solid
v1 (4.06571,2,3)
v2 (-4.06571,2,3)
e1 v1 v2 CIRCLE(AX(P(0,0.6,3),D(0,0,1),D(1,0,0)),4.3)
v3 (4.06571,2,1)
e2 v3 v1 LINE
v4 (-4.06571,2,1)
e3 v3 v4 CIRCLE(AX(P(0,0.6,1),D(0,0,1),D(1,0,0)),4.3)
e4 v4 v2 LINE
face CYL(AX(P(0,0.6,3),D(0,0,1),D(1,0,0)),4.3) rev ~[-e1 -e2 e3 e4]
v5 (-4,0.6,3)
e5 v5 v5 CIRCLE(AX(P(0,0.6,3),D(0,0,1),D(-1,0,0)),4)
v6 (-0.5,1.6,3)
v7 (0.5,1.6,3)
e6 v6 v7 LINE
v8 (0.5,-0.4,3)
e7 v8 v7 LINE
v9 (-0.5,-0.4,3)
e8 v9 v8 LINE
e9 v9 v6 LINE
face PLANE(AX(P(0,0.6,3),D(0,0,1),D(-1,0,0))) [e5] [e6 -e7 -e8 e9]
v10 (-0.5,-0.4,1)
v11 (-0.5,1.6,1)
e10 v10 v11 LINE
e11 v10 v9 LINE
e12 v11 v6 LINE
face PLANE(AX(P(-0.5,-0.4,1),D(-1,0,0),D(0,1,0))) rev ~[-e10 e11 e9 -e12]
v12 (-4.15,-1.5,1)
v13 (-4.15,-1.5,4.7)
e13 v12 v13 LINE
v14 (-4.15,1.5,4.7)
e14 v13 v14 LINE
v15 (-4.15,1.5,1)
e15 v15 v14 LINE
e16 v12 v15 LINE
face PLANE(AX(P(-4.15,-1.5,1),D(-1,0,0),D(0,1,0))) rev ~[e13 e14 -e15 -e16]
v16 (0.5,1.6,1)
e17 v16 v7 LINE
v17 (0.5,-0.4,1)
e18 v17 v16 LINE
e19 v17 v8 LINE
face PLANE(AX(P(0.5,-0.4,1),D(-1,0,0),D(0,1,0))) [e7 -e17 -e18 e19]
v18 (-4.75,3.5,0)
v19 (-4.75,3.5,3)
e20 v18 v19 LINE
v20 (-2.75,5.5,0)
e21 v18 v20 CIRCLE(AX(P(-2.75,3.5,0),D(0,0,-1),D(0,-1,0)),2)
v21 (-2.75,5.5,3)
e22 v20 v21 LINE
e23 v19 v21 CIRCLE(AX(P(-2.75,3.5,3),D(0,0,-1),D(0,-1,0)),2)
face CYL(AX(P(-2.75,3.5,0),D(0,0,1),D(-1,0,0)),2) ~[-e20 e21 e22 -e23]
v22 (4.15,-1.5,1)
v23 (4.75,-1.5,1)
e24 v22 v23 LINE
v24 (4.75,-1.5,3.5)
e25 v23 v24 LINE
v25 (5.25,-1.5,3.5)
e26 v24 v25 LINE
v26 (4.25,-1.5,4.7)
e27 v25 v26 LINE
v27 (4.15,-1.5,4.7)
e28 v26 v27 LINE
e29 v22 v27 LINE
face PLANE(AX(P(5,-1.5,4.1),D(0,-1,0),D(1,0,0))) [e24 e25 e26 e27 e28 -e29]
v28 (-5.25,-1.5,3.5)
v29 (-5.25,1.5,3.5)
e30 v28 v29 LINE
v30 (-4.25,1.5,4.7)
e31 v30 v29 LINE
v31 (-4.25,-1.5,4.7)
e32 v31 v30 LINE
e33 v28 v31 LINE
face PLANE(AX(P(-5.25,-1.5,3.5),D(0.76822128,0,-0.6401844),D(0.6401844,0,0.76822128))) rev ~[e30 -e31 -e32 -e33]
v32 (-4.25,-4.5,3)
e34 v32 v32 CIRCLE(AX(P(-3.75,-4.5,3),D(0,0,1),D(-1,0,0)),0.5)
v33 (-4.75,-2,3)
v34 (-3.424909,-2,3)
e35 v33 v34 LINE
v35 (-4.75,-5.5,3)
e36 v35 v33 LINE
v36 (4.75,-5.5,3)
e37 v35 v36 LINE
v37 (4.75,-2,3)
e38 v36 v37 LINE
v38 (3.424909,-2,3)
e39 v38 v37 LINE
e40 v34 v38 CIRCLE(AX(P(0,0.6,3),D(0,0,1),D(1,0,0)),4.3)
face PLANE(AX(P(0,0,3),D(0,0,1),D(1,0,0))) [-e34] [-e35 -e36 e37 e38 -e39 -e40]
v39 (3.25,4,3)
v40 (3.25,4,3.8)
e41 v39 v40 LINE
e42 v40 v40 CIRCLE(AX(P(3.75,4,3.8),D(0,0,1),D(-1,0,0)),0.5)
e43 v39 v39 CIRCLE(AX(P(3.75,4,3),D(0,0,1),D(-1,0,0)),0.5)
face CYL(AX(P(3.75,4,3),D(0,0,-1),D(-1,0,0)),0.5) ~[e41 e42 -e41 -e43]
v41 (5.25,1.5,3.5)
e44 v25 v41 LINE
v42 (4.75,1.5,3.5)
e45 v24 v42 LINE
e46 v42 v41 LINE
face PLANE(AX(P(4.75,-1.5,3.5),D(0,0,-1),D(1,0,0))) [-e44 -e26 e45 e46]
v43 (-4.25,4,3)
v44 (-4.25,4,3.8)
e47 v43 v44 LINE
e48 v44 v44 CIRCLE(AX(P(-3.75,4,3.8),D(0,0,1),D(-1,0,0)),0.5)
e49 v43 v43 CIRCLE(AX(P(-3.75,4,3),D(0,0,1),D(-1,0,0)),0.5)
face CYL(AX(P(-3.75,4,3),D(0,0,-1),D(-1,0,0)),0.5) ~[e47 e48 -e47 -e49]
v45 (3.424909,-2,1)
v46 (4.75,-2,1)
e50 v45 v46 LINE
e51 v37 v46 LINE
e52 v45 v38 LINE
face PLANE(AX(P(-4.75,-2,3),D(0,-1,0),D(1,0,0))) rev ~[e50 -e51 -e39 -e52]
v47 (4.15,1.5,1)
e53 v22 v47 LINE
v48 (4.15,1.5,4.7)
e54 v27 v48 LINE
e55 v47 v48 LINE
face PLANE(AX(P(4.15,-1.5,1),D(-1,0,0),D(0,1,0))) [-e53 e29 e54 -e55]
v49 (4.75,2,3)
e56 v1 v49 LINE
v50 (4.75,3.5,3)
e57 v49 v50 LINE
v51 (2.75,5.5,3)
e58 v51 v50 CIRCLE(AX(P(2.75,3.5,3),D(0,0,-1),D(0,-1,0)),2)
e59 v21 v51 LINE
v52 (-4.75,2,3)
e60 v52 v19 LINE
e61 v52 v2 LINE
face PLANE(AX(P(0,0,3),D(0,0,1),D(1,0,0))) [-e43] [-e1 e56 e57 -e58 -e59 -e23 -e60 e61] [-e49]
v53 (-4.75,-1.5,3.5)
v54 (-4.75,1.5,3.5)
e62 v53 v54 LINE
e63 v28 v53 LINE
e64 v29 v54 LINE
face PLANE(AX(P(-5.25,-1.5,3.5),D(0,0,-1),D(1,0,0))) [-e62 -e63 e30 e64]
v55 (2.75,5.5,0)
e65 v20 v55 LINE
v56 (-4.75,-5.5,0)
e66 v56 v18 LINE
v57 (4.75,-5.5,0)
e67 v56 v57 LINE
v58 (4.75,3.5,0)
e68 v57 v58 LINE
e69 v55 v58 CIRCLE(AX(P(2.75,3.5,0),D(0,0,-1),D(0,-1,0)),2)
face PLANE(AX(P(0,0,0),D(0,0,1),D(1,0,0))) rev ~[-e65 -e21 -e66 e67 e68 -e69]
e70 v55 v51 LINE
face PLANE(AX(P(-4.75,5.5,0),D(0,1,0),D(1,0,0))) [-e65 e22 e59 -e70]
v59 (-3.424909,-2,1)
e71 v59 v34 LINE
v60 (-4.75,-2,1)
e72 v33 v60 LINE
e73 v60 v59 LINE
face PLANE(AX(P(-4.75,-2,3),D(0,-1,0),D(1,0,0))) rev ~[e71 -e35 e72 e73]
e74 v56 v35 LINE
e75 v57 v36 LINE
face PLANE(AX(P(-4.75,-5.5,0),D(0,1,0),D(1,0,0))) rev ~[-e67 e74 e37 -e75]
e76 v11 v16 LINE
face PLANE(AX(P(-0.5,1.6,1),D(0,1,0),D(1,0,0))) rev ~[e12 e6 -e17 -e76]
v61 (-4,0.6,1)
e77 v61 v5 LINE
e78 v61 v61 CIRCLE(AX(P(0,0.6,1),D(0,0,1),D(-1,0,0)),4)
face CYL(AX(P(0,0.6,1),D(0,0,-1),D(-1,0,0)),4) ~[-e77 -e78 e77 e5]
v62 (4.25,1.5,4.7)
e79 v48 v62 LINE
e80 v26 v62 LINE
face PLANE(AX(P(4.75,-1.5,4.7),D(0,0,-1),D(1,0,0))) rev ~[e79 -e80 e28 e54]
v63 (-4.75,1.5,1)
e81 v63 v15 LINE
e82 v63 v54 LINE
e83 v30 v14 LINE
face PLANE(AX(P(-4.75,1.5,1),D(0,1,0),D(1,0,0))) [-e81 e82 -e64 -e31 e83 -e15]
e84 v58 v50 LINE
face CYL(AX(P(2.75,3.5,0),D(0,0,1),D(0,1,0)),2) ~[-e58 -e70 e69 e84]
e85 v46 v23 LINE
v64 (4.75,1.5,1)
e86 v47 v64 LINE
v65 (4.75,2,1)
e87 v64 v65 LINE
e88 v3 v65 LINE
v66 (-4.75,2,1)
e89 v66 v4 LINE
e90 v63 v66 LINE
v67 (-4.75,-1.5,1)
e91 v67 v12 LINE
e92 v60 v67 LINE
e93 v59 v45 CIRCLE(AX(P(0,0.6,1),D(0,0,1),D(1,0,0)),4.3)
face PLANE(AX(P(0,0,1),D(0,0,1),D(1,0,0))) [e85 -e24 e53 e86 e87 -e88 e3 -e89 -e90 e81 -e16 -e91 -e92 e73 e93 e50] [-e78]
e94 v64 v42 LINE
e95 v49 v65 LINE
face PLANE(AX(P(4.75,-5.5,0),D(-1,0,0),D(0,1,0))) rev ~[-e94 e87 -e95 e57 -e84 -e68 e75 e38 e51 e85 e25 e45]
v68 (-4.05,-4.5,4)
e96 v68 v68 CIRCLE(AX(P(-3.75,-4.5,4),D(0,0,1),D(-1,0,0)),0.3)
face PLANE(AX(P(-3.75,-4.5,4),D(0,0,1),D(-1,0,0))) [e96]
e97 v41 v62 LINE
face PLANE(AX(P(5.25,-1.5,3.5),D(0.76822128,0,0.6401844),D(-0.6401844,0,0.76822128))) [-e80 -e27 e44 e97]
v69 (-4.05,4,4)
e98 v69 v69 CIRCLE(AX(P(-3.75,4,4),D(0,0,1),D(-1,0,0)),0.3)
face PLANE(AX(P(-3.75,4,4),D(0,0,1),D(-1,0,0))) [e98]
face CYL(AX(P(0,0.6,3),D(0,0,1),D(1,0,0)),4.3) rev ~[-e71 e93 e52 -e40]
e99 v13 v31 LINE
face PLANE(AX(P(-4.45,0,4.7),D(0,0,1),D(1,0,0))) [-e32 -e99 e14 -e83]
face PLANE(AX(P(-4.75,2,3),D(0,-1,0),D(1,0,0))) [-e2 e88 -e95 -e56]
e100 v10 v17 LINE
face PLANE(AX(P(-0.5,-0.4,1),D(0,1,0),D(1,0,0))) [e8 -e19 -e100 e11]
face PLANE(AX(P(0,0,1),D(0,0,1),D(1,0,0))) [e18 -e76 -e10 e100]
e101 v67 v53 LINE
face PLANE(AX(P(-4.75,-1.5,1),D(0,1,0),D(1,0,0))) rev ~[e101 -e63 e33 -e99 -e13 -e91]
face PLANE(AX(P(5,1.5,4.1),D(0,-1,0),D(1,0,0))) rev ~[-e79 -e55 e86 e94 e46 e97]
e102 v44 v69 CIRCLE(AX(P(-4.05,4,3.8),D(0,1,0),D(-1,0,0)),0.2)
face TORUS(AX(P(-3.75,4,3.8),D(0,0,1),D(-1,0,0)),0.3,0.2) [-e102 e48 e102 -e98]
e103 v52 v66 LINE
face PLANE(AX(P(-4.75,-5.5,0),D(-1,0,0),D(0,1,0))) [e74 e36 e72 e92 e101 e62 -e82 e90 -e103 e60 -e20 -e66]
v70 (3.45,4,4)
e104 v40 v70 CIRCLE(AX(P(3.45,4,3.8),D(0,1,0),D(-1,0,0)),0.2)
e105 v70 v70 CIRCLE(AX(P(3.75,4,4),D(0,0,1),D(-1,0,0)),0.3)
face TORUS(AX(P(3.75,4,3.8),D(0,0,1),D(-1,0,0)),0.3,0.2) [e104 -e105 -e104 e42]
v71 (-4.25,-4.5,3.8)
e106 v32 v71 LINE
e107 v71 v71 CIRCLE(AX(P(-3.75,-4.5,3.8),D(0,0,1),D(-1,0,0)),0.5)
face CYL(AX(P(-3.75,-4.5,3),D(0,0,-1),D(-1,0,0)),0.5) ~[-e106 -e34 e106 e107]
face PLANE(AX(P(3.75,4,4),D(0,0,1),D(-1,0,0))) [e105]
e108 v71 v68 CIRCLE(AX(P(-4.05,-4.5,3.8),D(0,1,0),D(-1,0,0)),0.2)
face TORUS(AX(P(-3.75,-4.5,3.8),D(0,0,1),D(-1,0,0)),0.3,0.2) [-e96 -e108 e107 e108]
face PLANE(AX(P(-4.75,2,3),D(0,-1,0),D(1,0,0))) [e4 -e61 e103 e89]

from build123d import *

# Parameters (mm, degrees)
SKETCH1_W           = 9.5
SKETCH1_H           = 11
BOSS_EXTRUDE1_DEPTH = 3
SKETCH2_R           = 4.3
CUT_EXTRUDE1_DEPTH  = 2
FILLET1_R           = 2
SKETCH3_W           = 9.5
SKETCH3_H           = 4
CUT_EXTRUDE2_DEPTH  = 2
SKETCH4_W           = 0.6
SKETCH4_H           = 3
BOSS_EXTRUDE2_DEPTH = 3.7
SKETCH5_W           = 0.5
SKETCH5_H           = 1.2
BOSS_EXTRUDE3_DEPTH = 3
CUT_EXTRUDE3_DEPTH  = 10.932396488
SKETCH7_R           = 0.5
BOSS_EXTRUDE4_DEPTH = 1
FILLET2_R           = 0.2
SKETCH8_R           = 4
SKETCH8_W           = 1
SKETCH8_H           = 2
BOSS_EXTRUDE5_DEPTH = 2


with BuildPart() as part:
    # Sketch1 → Boss-Extrude1 (new body)
    with BuildSketch(Plane.XY):
        Rectangle(SKETCH1_W, SKETCH1_H)
    extrude(amount=BOSS_EXTRUDE1_DEPTH)

    # Sketch2 → Cut-Extrude1 (cut)
    with BuildSketch(Plane.XY.offset(3)):
        with Locations((0, 0.6)):
            Circle(SKETCH2_R)
    extrude(amount=-CUT_EXTRUDE1_DEPTH, mode=Mode.SUBTRACT)

    # Fillet1
    fillet1_edges = [part.edges().sort_by_distance(p)[0] for p in [
        (-4.75, 5.5, 1.5),
        (4.75, 5.5, 1.5),
    ]]
    fillet(fillet1_edges, radius=FILLET1_R)

    # Sketch3 → Cut-Extrude2 (cut)
    with BuildSketch(Plane.XY.offset(3)):
        Rectangle(SKETCH3_W, SKETCH3_H)
    extrude(amount=-CUT_EXTRUDE2_DEPTH, mode=Mode.SUBTRACT)

    # Sketch4 → Boss-Extrude2 (add)
    with BuildSketch(Plane.XY.offset(1)):
        with Locations((-4.45, 0)):
            Rectangle(SKETCH4_W, SKETCH4_H)
        with Locations((4.45, 0)):
            Rectangle(SKETCH4_W, SKETCH4_H)
    extrude(amount=BOSS_EXTRUDE2_DEPTH)

    # Sketch5 → Boss-Extrude3 (add)
    with BuildSketch(Plane.XZ.offset(1.5)):
        with Locations((5, 4.1)):
            Rectangle(SKETCH5_W, SKETCH5_H)
        with Locations((-5, 4.1)):
            Rectangle(SKETCH5_W, SKETCH5_H)
    extrude(amount=-BOSS_EXTRUDE3_DEPTH)

    # Sketch6 → Cut-Extrude3 (cut, through all)
    with BuildSketch(Plane.XZ.offset(1.5)):
        Polygon((5.25, 3.5), (4.25, 4.7), (5.25, 4.7), align=None)
        Polygon((-5.25, 3.5), (-4.25, 4.7), (-5.25, 4.7), align=None)
    extrude(amount=-CUT_EXTRUDE3_DEPTH, mode=Mode.SUBTRACT)

    # Sketch7 → Boss-Extrude4 (add)
    with BuildSketch(Plane.XY.offset(3)):
        with Locations(Location((-3.75, 4, 0), (0, 0, 180))):
            Circle(SKETCH7_R)
        with Locations(Location((3.75, 4, 0), (0, 0, 180))):
            Circle(SKETCH7_R)
        with Locations(Location((-3.75, -4.5, 0), (0, 0, 180))):
            Circle(SKETCH7_R)
    extrude(amount=BOSS_EXTRUDE4_DEPTH)

    # Fillet2
    fillet2_edges = [part.edges().sort_by_distance(p)[0] for p in [
        (-3.25, 4, 4),
        (4.25, 4, 4),
        (-3.25, -4.5, 4),
    ]]
    fillet(fillet2_edges, radius=FILLET2_R)

    # Sketch8 → Boss-Extrude5 (add)
    with BuildSketch(Plane.XY.offset(1)):
        with Locations(Location((0, 0.6, 0), (0, 0, 180))):
            Circle(SKETCH8_R)
        with Locations((0, 0.6)):
            Rectangle(SKETCH8_W, SKETCH8_H, mode=Mode.SUBTRACT)
    extrude(amount=BOSS_EXTRUDE5_DEPTH)


solid = part.part
